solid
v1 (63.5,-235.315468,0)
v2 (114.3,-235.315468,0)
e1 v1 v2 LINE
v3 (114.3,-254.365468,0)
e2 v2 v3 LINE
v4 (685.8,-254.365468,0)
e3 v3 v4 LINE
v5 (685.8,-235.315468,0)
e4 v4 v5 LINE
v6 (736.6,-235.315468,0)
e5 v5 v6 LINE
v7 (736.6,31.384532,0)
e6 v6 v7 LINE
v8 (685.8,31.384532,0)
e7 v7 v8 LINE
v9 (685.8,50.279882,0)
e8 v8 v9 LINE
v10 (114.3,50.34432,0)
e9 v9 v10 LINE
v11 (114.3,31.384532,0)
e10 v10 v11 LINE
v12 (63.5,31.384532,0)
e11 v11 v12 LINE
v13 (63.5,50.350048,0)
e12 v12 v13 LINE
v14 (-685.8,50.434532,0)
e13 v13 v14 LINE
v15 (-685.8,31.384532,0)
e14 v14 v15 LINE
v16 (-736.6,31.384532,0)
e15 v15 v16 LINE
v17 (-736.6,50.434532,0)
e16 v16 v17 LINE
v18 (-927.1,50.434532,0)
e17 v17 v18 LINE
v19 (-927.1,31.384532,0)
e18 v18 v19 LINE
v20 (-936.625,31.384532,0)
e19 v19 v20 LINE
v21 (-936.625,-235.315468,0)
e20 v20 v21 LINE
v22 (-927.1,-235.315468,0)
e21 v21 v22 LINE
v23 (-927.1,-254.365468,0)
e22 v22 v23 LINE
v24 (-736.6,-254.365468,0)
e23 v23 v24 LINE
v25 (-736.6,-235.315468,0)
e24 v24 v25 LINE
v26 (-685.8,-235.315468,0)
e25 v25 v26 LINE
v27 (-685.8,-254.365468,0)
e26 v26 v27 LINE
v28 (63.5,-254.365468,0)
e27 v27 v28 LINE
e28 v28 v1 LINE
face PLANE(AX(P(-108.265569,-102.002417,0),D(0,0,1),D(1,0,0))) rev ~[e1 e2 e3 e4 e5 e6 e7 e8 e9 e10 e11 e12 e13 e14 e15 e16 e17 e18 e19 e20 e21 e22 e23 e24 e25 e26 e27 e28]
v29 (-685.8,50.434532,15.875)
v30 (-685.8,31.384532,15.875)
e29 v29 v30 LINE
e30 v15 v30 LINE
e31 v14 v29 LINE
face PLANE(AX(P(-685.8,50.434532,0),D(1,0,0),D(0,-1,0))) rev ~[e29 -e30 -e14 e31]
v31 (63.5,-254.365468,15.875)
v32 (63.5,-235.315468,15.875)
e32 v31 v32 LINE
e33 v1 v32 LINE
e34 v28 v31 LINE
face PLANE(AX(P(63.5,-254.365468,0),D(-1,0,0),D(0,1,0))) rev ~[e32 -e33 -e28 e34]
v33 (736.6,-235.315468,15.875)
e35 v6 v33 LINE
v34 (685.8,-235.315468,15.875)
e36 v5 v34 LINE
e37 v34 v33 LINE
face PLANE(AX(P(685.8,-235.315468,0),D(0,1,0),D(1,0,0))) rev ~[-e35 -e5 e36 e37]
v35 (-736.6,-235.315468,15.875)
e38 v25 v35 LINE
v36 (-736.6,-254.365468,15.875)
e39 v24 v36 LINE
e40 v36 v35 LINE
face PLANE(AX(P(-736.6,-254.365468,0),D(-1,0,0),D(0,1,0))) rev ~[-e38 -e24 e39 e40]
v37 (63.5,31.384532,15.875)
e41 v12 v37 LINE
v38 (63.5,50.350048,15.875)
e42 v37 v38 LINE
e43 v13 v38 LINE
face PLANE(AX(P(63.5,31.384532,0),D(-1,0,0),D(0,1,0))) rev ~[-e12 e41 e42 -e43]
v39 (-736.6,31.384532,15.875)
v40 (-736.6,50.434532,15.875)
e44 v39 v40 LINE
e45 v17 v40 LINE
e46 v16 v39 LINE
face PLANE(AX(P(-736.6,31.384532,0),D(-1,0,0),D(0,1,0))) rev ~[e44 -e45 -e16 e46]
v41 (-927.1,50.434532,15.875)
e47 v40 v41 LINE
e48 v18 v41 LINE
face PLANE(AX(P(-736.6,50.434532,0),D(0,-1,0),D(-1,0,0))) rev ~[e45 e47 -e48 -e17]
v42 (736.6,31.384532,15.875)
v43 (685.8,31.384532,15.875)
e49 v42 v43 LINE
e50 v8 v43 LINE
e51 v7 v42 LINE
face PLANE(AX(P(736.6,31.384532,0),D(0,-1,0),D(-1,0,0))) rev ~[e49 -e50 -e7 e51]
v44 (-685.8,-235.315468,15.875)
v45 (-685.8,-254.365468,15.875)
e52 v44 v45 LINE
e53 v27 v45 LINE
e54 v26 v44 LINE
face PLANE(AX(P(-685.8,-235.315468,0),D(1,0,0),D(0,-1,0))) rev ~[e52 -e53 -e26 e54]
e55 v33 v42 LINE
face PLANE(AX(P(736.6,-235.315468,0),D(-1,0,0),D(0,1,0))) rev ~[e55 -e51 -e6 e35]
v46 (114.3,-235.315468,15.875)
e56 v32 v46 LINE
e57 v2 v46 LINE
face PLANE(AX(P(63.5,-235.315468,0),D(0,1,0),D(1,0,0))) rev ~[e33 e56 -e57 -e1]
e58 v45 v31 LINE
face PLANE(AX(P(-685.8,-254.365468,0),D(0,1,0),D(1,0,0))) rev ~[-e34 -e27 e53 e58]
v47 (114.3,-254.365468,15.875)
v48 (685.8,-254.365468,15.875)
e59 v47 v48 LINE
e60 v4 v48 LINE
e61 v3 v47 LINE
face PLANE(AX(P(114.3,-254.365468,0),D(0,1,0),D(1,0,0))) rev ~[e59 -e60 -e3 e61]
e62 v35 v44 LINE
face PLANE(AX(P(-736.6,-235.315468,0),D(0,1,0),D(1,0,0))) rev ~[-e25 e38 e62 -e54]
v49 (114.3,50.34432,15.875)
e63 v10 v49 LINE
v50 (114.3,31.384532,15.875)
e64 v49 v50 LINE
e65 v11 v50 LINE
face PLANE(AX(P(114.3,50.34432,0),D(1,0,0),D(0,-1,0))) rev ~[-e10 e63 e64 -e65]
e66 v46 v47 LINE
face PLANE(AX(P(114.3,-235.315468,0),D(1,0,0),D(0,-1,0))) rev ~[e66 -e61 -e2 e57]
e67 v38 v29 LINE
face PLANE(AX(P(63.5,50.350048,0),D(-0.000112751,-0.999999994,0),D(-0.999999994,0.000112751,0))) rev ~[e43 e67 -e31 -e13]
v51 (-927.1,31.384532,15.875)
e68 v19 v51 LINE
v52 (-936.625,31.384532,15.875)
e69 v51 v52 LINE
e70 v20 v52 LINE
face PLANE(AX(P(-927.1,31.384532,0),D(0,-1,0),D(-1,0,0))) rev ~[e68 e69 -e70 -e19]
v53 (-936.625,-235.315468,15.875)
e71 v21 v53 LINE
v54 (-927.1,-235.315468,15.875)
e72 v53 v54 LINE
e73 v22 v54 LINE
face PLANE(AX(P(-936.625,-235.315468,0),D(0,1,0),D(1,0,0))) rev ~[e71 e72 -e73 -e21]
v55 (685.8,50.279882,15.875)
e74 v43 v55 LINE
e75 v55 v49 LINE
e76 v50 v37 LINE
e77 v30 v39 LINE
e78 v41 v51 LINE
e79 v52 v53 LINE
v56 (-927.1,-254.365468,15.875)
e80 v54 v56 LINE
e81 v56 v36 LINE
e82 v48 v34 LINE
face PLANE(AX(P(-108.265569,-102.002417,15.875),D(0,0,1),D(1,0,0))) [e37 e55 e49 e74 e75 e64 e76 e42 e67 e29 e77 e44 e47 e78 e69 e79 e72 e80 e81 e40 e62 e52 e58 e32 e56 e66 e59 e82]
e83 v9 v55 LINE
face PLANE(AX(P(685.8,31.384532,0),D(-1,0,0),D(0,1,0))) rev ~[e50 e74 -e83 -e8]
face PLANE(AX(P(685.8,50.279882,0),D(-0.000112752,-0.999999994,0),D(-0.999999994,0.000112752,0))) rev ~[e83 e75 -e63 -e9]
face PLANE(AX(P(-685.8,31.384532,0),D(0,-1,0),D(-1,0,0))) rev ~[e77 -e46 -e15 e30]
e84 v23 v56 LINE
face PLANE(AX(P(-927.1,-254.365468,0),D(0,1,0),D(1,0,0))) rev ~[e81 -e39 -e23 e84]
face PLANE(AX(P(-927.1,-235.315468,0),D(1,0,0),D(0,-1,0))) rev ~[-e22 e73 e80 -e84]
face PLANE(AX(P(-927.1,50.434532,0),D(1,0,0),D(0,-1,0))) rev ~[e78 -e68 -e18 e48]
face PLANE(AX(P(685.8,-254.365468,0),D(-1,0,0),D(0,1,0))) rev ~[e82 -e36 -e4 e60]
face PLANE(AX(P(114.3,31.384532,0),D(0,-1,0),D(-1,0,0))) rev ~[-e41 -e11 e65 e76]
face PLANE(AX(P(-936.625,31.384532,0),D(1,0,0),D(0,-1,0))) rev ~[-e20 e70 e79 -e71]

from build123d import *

# Parameters (mm, degrees)
F1_DEPTH = 15.875


with BuildPart() as f1:
    # F0 (on Top) → F1 (new body)
    with BuildSketch(Plane.XY):
        Polygon((-685.8, -235.315468), (-685.8, -254.365468), (63.5, -254.365468), (63.5, -235.315468), (114.3, -235.315468), (114.3, -254.365468), (685.8, -254.365468), (685.8, -235.315468), (736.6, -235.315468), (736.6, 31.384532), (685.8, 31.384532), (685.8, 50.279882), (114.3, 50.34432), (114.3, 31.384532), (63.5, 31.384532), (63.5, 50.350048), (-685.8, 50.434532), (-685.8, 31.384532), (-736.6, 31.384532), (-736.6, 50.434532), (-927.1, 50.434532), (-927.1, 31.384532), (-936.625, 31.384532), (-936.625, -235.315468), (-927.1, -235.315468), (-927.1, -254.365468), (-736.6, -254.365468), (-736.6, -235.315468), align=None)
    extrude(amount=F1_DEPTH)


solid = f1.part
